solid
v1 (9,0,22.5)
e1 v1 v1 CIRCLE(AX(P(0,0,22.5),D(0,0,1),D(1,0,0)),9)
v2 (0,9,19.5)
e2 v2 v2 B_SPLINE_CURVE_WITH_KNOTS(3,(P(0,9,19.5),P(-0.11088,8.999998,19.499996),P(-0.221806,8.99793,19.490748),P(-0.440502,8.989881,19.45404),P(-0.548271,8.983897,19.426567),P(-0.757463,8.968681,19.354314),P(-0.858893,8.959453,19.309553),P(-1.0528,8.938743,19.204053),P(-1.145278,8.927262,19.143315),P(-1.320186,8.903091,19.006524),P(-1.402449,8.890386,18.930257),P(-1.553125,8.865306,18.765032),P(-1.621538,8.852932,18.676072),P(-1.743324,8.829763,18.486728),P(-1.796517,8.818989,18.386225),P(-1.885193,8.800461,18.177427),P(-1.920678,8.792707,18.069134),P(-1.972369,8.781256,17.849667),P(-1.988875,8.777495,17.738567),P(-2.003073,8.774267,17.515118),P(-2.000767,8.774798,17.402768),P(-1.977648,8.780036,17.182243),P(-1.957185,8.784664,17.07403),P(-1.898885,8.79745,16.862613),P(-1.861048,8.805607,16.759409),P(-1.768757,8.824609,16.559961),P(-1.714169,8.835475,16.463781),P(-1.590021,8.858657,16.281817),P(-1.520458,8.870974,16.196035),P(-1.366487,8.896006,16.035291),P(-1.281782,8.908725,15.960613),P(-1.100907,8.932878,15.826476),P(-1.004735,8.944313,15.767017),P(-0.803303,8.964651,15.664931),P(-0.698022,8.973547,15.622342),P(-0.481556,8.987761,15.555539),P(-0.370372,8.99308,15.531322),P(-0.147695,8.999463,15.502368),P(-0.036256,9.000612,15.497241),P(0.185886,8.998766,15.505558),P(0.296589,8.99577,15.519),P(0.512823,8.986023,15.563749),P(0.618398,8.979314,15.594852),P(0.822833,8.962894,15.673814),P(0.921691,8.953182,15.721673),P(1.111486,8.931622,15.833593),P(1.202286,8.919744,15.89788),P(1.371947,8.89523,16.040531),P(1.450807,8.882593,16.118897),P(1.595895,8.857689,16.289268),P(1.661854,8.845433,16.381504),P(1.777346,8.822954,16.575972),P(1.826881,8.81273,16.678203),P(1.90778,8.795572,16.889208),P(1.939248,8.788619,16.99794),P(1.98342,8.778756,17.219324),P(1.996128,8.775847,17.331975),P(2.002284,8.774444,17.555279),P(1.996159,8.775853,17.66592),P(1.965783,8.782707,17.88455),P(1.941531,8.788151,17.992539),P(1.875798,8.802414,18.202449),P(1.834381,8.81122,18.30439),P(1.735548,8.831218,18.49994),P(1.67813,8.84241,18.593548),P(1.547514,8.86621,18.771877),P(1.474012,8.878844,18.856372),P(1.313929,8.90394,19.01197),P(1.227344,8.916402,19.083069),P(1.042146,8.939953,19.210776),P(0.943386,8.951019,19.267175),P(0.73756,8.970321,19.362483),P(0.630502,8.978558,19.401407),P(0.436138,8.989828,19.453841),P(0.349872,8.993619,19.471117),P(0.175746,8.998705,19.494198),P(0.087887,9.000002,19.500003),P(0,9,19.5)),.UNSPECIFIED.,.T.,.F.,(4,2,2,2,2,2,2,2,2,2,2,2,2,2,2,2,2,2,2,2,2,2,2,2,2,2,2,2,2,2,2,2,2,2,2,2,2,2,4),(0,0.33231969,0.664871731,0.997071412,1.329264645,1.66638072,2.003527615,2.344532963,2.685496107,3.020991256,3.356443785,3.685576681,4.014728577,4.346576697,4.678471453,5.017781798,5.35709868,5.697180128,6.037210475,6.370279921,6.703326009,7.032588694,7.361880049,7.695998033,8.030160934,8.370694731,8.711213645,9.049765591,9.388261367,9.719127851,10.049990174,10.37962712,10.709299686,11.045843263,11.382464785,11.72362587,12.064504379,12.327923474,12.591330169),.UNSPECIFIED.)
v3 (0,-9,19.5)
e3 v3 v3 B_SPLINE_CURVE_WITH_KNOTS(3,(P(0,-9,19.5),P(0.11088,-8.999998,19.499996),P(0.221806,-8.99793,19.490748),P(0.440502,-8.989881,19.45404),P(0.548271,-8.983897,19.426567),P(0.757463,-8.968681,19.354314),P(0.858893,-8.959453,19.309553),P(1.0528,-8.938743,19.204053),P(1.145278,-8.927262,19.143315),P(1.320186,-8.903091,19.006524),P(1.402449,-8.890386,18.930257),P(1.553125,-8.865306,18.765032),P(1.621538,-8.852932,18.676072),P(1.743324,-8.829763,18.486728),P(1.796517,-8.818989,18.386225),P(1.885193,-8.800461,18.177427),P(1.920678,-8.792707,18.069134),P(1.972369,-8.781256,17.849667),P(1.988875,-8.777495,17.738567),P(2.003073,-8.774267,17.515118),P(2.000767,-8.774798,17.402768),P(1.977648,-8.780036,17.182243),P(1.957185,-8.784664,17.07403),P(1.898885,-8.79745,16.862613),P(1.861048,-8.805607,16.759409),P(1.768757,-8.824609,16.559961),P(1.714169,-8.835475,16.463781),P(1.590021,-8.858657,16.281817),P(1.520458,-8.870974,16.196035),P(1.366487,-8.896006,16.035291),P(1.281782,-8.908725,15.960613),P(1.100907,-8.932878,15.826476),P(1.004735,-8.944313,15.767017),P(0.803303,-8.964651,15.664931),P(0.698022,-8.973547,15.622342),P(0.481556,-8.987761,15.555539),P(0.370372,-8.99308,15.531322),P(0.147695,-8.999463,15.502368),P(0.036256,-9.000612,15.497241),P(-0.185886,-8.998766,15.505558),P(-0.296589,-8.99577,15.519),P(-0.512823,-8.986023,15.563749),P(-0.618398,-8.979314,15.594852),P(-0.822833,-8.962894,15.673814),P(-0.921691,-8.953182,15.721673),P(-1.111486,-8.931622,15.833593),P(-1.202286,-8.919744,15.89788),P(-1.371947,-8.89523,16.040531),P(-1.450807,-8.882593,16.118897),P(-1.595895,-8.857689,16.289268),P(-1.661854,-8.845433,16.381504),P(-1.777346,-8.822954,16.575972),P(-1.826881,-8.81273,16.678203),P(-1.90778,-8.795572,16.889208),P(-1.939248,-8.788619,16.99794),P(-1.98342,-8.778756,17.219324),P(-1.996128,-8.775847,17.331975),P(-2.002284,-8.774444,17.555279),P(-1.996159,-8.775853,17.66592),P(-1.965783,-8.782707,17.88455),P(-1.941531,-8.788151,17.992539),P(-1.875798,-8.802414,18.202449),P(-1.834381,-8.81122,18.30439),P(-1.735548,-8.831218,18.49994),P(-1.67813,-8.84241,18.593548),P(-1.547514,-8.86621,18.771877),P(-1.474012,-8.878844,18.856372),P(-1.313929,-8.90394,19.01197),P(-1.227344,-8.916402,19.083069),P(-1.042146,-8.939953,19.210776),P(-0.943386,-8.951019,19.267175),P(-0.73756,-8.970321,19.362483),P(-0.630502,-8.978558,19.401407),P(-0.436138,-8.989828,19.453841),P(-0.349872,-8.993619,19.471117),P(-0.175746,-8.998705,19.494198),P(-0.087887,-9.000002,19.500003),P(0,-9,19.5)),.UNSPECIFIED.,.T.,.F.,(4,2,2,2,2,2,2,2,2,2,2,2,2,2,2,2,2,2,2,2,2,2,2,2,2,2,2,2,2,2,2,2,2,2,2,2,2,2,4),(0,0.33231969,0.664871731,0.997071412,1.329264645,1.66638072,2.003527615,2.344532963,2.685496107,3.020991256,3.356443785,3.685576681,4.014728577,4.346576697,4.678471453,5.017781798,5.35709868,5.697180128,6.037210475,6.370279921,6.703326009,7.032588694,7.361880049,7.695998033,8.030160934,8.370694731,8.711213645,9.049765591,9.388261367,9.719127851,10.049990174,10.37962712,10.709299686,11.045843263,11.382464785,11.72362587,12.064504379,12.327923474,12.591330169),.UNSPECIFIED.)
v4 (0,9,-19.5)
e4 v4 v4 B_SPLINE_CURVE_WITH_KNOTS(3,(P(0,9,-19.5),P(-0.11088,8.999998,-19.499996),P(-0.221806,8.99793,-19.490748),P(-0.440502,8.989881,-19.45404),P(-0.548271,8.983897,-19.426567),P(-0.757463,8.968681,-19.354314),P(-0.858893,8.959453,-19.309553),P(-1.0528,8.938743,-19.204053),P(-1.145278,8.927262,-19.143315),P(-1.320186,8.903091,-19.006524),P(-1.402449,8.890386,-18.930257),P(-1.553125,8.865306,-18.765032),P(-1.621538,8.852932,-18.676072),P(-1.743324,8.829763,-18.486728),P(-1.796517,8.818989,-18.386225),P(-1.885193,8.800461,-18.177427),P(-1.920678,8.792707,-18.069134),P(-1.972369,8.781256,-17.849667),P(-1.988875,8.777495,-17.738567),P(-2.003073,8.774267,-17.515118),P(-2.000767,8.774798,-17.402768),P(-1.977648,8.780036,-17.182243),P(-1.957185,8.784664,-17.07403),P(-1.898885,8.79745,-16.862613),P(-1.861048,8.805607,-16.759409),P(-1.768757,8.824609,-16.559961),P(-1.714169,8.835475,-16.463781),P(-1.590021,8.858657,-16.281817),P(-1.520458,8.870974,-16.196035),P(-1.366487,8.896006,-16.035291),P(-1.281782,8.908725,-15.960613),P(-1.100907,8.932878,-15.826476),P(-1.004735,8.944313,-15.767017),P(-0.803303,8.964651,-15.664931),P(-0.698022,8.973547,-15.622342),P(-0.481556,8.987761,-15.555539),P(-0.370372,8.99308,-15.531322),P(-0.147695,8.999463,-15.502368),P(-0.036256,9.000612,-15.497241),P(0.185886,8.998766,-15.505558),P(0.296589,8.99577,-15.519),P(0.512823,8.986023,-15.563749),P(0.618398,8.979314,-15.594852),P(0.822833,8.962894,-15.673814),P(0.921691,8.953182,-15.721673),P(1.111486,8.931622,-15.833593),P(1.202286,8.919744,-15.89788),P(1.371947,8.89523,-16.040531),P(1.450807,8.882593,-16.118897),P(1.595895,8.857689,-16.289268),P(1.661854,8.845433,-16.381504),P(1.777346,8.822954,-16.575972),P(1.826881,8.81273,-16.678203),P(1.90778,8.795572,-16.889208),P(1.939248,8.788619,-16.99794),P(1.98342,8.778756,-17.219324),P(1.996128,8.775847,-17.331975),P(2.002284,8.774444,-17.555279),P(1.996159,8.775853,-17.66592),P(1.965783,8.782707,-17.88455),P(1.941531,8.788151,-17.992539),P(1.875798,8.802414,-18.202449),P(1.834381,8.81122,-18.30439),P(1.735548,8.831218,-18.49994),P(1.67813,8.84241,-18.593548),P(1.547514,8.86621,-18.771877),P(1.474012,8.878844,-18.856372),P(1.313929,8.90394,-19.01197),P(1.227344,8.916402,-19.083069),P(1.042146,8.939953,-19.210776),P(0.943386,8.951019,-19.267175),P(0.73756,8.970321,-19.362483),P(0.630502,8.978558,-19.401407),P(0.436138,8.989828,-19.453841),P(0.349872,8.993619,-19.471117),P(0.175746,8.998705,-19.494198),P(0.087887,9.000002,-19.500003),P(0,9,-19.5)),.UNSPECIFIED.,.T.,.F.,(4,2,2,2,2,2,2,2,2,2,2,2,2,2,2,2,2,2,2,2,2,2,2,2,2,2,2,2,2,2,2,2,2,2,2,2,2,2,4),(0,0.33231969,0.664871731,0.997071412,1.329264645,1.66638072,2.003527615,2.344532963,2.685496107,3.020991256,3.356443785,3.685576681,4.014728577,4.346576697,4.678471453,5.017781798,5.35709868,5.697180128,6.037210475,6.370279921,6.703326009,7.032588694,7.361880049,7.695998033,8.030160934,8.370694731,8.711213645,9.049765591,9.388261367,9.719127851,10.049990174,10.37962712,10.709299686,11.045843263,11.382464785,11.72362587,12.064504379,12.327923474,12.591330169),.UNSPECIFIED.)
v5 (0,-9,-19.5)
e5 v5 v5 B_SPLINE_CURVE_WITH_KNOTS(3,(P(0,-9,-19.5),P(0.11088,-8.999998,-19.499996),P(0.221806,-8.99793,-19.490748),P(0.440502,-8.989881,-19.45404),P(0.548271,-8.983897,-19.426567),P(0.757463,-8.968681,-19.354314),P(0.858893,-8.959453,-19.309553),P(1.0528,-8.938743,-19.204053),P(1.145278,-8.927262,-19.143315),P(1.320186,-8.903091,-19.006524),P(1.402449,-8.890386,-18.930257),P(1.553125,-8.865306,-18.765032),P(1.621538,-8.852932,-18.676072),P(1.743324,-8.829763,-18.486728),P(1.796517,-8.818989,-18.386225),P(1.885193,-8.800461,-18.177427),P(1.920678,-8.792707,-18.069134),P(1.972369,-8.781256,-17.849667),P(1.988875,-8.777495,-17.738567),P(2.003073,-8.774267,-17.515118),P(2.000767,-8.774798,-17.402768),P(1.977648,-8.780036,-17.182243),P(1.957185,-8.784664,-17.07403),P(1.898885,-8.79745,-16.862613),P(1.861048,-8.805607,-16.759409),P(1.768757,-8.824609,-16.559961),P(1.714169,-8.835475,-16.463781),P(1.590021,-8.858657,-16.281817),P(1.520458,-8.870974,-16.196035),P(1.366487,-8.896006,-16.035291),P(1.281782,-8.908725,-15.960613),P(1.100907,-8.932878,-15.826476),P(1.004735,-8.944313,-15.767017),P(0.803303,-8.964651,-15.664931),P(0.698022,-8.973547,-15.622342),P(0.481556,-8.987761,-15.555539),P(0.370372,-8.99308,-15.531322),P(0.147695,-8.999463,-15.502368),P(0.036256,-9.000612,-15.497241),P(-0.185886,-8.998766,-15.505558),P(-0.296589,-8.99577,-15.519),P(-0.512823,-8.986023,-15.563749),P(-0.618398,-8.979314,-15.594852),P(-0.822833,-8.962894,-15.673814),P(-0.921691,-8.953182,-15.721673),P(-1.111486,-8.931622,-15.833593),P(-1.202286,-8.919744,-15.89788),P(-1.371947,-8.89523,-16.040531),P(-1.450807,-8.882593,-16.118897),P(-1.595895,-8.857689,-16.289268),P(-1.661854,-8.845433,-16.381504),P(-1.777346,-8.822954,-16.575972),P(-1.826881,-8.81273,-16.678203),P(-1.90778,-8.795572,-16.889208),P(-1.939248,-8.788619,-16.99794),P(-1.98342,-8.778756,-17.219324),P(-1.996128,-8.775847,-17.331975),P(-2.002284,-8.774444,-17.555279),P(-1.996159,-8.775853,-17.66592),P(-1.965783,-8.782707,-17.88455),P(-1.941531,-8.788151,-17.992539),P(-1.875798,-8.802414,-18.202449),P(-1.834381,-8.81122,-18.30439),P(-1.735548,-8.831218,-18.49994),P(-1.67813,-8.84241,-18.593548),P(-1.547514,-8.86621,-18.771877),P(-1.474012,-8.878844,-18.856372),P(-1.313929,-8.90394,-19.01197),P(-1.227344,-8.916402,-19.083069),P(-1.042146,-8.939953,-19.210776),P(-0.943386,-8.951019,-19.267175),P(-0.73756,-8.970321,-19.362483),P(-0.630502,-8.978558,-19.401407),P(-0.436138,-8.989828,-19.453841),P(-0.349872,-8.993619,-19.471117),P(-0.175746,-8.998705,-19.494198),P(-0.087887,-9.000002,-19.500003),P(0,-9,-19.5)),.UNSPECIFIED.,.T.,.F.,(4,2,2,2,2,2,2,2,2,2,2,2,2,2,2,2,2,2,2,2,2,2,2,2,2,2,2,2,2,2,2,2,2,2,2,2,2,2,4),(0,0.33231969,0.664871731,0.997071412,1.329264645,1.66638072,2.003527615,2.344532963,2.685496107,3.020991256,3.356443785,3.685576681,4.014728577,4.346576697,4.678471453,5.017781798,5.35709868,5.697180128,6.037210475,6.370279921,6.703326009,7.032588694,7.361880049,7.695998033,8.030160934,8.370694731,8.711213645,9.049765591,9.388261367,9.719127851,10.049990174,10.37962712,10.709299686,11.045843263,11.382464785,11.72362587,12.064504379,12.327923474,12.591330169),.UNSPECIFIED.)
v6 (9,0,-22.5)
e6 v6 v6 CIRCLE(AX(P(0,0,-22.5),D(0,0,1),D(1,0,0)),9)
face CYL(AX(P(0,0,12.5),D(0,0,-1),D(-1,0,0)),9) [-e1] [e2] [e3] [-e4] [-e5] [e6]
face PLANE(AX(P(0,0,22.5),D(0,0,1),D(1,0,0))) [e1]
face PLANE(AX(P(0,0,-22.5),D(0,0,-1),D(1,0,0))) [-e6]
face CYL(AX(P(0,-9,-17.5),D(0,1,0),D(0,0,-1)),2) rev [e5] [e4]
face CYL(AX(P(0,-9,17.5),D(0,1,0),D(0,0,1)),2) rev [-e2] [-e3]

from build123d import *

# Parameters (mm, degrees)
SKETCH1_R               = 9
BOSS_EXTRUDE1_DEPTH     = 12.5
SKETCH2_R               = 9
BOSS_EXTRUDE2_DEPTH     = 10
CUT_EXTRUDE1_DEPTH      = 26.850531909
CUT_EXTRUDE1_DEPTH_BACK = 26.850531909
SKETCH3_R               = 2


with BuildPart() as part:
    # Sketch1 → Boss-Extrude1 (new body)
    with BuildSketch(Plane.XY):
        Circle(SKETCH1_R)
    extrude(amount=BOSS_EXTRUDE1_DEPTH)

    # Sketch2 → Boss-Extrude2 (add)
    with BuildSketch(Plane.XY.offset(12.5)):
        Circle(SKETCH2_R)
    extrude(amount=BOSS_EXTRUDE2_DEPTH)

    # Sketch3 → Cut-Extrude1 (cut, two sides: drawn at the far end of the back side and taken through both)
    with BuildSketch(Plane(origin=(0, 0, 0), x_dir=(1, 0, 0), z_dir=(0, 1, 0)).offset(-CUT_EXTRUDE1_DEPTH_BACK)):
        with Locations(Location((0, -17.5, 0), (0, 0, 270))):
            Circle(SKETCH3_R)
    extrude(amount=CUT_EXTRUDE1_DEPTH + CUT_EXTRUDE1_DEPTH_BACK, mode=Mode.SUBTRACT)

    # Mirror1: part across plane


with BuildPart() as part_1:
    add(part.part)
    add(part.part.mirror(Plane.XY))


solid = part_1.part
